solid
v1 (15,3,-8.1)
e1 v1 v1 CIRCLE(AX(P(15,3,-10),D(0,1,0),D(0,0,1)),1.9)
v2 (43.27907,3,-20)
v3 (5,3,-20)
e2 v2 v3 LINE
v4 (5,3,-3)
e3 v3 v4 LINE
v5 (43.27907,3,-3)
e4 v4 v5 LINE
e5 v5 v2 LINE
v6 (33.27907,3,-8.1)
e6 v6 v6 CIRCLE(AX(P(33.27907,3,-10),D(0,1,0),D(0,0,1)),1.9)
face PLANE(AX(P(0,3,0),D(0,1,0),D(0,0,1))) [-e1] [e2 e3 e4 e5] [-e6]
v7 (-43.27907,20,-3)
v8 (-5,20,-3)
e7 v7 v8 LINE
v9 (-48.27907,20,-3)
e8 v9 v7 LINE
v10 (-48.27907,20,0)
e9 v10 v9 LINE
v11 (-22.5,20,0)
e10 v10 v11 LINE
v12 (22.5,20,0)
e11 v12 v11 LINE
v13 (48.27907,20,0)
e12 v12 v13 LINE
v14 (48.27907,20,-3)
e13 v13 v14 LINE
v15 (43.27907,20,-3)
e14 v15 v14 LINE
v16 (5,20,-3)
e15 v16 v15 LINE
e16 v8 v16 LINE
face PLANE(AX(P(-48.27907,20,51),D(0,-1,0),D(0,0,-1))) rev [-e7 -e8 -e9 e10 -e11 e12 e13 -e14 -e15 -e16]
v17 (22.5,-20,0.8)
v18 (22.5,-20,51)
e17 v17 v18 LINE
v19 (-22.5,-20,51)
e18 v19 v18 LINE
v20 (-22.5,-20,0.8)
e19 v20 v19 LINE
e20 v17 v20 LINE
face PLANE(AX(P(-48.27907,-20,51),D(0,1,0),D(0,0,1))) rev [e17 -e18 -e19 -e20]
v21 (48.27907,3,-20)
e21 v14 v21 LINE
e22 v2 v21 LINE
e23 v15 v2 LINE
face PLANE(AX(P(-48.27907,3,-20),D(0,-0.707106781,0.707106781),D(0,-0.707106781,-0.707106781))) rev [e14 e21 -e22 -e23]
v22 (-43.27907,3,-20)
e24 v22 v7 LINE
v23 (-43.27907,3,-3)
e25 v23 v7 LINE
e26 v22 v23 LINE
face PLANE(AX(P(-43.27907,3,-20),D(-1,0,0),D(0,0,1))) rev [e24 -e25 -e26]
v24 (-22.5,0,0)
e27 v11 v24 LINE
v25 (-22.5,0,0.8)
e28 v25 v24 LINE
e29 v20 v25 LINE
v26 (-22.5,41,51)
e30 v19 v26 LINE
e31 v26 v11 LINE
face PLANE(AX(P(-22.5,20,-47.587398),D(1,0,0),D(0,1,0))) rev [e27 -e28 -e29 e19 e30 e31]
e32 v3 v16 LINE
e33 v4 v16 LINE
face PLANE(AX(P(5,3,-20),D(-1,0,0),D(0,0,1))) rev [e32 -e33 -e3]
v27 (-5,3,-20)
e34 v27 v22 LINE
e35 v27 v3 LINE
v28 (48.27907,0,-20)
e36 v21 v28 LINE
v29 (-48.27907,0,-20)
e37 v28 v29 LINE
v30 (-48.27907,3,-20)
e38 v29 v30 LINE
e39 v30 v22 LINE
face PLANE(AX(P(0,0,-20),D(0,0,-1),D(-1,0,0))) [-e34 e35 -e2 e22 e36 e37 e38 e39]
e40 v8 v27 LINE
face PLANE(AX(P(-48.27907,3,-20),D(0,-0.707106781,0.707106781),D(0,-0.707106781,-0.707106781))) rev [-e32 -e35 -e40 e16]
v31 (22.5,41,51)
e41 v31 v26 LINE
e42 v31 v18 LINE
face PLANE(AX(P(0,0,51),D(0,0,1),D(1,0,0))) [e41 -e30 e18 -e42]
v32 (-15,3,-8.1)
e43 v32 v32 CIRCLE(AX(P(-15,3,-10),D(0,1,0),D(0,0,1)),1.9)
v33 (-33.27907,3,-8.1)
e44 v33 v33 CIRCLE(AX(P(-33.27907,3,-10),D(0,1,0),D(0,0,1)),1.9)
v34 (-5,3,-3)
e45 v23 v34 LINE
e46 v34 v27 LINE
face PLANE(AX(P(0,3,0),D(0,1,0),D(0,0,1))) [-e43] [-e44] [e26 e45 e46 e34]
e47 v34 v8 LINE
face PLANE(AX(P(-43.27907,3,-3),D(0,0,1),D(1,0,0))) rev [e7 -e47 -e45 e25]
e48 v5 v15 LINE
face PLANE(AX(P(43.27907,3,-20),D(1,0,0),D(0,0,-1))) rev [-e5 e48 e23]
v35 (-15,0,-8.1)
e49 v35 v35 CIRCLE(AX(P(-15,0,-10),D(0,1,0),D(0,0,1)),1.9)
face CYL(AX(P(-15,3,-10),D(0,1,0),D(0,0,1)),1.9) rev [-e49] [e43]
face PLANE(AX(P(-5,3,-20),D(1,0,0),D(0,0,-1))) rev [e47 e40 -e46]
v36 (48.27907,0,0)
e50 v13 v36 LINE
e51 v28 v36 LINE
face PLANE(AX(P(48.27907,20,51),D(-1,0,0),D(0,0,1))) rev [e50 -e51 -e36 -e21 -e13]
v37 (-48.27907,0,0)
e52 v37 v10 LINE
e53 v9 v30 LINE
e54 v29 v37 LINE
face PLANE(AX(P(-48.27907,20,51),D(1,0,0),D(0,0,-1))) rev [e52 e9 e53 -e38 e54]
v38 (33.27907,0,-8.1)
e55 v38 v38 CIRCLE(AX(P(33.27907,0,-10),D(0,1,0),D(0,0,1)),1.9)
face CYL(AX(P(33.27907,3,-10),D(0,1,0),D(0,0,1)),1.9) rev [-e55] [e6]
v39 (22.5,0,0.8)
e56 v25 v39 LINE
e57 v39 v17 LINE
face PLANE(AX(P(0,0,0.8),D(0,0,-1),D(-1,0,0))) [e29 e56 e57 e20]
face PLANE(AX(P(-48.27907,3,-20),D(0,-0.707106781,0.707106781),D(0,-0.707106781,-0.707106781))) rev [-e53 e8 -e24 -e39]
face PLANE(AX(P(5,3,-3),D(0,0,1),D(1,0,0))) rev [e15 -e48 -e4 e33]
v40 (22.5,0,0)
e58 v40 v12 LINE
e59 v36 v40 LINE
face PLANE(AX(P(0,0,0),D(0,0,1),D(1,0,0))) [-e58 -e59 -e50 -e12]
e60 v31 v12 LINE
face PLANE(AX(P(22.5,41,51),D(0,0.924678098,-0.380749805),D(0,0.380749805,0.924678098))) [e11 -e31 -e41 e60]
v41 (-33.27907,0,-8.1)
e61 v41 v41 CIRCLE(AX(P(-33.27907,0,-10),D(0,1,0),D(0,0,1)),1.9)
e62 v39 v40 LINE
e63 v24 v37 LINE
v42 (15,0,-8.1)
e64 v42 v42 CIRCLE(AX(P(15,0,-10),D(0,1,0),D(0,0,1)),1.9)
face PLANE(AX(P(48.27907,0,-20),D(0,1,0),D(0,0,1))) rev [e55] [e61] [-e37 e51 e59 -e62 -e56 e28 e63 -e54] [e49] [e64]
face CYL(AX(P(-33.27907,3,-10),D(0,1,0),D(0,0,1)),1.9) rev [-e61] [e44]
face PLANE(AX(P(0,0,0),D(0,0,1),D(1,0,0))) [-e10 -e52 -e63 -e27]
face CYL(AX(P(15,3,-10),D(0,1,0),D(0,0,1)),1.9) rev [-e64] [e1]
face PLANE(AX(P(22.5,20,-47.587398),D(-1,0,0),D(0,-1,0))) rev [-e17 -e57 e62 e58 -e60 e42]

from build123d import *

# Parameters (mm, degrees)
SKETCH_1_W             = 96.558139534
SKETCH_1_H             = 40
EXTRUDE_1_DEPTH        = 51
SKETCH_2_W             = 96.558139534
SKETCH_2_H             = 20
EXTRUDE_2_DEPTH        = 20
SKETCH_4_W             = 38.279069767
SKETCH_4_H             = 17
CUT_EXTRUDE_1_DEPTH    = 17
CUT_EXTRUDE_2_DEPTH    = 112.015648944
HOLE_WIZARD_M4_1_D     = 3.8
HOLE_WIZARD_M4_1_DEPTH = 10.1
HOLE_WIZARD_M4_1_TIP   = 1.141635176
SKETCH_9_W             = 25.779069767
SKETCH_9_H             = 40
CUT_EXTRUDE_3_DEPTH    = 51
EXTRUDE_START          = -45
EXTRUDE_4_DEPTH        = 45
SKETCH_11_W            = 45
SKETCH_11_H            = 20
CUT_EXTRUDE_4_DEPTH    = 0.8


with BuildPart() as part:
    # 스케치1 → 보스-돌출1 (new body)
    with BuildSketch(Plane.XY):
        Rectangle(SKETCH_1_W, SKETCH_1_H)
    extrude(amount=EXTRUDE_1_DEPTH)

    # 스케치2 → 보스-돌출2 (add)
    with BuildSketch(Plane(origin=(0, 0, 0), x_dir=(-1, 0, 0), z_dir=(0, 0, -1))):
        with Locations((0, 10)):
            Rectangle(SKETCH_2_W, SKETCH_2_H)
    extrude(amount=EXTRUDE_2_DEPTH)

    # 스케치4 → 컷-돌출1 (cut)
    with BuildSketch(Plane(origin=(0, 20, 0), x_dir=(1, 0, 0), z_dir=(0, 1, 0))):
        with Locations((-24.139534884, 11.5)):
            Rectangle(SKETCH_4_W, SKETCH_4_H)
        with Locations((24.139534884, 11.5)):
            Rectangle(SKETCH_4_W, SKETCH_4_H)
    extrude(amount=-CUT_EXTRUDE_1_DEPTH, mode=Mode.SUBTRACT)

    # 스케치6 → 컷-돌출2 (cut, through all)
    with BuildSketch(Plane(origin=(48.279069767, 0, 0), x_dir=(0, 0, -1), z_dir=(1, 0, 0))):
        Polygon((3, 20), (20, 20), (20, 3), align=None)
    extrude(amount=-CUT_EXTRUDE_2_DEPTH, mode=Mode.SUBTRACT)

    # M4 나사 구멍1
    with Locations(Plane(origin=(0, 3, 0), x_dir=(1, 0, 0), z_dir=(0, 1, 0))):
        with Locations((-33.279069767, 10), (-15, 10), (15, 10), (33.279069767, 10)):
            Hole(HOLE_WIZARD_M4_1_D / 2, depth=HOLE_WIZARD_M4_1_DEPTH)
            with Locations((0, 0, -(HOLE_WIZARD_M4_1_DEPTH + HOLE_WIZARD_M4_1_TIP / 2))):  # 118° drill point
                Cone(0, HOLE_WIZARD_M4_1_D / 2, HOLE_WIZARD_M4_1_TIP, mode=Mode.SUBTRACT)

    # 스케치9 → 컷-돌출3 (cut)
    with BuildSketch(Plane.XY.offset(51)):
        with Locations((-35.389534884, 0)):
            Rectangle(SKETCH_9_W, SKETCH_9_H)
        with Locations((35.389534884, 0)):
            Rectangle(SKETCH_9_W, SKETCH_9_H)
    extrude(amount=-CUT_EXTRUDE_3_DEPTH, mode=Mode.SUBTRACT)

    # 스케치10 → 보스-돌출4 (add)
    with BuildSketch(Plane.ZY.offset(22.5).offset(EXTRUDE_START)):
        Polygon((51, 20), (51, 41), (0, 20), align=None)
    extrude(amount=EXTRUDE_4_DEPTH)

    # 스케치11 → 컷-돌출4 (cut)
    with BuildSketch(Plane(origin=(0, 0, 0), x_dir=(-1, 0, 0), z_dir=(0, 0, -1))):
        with Locations((0, -10)):
            Rectangle(SKETCH_11_W, SKETCH_11_H)
    extrude(amount=-CUT_EXTRUDE_4_DEPTH, mode=Mode.SUBTRACT)


solid = part.part
